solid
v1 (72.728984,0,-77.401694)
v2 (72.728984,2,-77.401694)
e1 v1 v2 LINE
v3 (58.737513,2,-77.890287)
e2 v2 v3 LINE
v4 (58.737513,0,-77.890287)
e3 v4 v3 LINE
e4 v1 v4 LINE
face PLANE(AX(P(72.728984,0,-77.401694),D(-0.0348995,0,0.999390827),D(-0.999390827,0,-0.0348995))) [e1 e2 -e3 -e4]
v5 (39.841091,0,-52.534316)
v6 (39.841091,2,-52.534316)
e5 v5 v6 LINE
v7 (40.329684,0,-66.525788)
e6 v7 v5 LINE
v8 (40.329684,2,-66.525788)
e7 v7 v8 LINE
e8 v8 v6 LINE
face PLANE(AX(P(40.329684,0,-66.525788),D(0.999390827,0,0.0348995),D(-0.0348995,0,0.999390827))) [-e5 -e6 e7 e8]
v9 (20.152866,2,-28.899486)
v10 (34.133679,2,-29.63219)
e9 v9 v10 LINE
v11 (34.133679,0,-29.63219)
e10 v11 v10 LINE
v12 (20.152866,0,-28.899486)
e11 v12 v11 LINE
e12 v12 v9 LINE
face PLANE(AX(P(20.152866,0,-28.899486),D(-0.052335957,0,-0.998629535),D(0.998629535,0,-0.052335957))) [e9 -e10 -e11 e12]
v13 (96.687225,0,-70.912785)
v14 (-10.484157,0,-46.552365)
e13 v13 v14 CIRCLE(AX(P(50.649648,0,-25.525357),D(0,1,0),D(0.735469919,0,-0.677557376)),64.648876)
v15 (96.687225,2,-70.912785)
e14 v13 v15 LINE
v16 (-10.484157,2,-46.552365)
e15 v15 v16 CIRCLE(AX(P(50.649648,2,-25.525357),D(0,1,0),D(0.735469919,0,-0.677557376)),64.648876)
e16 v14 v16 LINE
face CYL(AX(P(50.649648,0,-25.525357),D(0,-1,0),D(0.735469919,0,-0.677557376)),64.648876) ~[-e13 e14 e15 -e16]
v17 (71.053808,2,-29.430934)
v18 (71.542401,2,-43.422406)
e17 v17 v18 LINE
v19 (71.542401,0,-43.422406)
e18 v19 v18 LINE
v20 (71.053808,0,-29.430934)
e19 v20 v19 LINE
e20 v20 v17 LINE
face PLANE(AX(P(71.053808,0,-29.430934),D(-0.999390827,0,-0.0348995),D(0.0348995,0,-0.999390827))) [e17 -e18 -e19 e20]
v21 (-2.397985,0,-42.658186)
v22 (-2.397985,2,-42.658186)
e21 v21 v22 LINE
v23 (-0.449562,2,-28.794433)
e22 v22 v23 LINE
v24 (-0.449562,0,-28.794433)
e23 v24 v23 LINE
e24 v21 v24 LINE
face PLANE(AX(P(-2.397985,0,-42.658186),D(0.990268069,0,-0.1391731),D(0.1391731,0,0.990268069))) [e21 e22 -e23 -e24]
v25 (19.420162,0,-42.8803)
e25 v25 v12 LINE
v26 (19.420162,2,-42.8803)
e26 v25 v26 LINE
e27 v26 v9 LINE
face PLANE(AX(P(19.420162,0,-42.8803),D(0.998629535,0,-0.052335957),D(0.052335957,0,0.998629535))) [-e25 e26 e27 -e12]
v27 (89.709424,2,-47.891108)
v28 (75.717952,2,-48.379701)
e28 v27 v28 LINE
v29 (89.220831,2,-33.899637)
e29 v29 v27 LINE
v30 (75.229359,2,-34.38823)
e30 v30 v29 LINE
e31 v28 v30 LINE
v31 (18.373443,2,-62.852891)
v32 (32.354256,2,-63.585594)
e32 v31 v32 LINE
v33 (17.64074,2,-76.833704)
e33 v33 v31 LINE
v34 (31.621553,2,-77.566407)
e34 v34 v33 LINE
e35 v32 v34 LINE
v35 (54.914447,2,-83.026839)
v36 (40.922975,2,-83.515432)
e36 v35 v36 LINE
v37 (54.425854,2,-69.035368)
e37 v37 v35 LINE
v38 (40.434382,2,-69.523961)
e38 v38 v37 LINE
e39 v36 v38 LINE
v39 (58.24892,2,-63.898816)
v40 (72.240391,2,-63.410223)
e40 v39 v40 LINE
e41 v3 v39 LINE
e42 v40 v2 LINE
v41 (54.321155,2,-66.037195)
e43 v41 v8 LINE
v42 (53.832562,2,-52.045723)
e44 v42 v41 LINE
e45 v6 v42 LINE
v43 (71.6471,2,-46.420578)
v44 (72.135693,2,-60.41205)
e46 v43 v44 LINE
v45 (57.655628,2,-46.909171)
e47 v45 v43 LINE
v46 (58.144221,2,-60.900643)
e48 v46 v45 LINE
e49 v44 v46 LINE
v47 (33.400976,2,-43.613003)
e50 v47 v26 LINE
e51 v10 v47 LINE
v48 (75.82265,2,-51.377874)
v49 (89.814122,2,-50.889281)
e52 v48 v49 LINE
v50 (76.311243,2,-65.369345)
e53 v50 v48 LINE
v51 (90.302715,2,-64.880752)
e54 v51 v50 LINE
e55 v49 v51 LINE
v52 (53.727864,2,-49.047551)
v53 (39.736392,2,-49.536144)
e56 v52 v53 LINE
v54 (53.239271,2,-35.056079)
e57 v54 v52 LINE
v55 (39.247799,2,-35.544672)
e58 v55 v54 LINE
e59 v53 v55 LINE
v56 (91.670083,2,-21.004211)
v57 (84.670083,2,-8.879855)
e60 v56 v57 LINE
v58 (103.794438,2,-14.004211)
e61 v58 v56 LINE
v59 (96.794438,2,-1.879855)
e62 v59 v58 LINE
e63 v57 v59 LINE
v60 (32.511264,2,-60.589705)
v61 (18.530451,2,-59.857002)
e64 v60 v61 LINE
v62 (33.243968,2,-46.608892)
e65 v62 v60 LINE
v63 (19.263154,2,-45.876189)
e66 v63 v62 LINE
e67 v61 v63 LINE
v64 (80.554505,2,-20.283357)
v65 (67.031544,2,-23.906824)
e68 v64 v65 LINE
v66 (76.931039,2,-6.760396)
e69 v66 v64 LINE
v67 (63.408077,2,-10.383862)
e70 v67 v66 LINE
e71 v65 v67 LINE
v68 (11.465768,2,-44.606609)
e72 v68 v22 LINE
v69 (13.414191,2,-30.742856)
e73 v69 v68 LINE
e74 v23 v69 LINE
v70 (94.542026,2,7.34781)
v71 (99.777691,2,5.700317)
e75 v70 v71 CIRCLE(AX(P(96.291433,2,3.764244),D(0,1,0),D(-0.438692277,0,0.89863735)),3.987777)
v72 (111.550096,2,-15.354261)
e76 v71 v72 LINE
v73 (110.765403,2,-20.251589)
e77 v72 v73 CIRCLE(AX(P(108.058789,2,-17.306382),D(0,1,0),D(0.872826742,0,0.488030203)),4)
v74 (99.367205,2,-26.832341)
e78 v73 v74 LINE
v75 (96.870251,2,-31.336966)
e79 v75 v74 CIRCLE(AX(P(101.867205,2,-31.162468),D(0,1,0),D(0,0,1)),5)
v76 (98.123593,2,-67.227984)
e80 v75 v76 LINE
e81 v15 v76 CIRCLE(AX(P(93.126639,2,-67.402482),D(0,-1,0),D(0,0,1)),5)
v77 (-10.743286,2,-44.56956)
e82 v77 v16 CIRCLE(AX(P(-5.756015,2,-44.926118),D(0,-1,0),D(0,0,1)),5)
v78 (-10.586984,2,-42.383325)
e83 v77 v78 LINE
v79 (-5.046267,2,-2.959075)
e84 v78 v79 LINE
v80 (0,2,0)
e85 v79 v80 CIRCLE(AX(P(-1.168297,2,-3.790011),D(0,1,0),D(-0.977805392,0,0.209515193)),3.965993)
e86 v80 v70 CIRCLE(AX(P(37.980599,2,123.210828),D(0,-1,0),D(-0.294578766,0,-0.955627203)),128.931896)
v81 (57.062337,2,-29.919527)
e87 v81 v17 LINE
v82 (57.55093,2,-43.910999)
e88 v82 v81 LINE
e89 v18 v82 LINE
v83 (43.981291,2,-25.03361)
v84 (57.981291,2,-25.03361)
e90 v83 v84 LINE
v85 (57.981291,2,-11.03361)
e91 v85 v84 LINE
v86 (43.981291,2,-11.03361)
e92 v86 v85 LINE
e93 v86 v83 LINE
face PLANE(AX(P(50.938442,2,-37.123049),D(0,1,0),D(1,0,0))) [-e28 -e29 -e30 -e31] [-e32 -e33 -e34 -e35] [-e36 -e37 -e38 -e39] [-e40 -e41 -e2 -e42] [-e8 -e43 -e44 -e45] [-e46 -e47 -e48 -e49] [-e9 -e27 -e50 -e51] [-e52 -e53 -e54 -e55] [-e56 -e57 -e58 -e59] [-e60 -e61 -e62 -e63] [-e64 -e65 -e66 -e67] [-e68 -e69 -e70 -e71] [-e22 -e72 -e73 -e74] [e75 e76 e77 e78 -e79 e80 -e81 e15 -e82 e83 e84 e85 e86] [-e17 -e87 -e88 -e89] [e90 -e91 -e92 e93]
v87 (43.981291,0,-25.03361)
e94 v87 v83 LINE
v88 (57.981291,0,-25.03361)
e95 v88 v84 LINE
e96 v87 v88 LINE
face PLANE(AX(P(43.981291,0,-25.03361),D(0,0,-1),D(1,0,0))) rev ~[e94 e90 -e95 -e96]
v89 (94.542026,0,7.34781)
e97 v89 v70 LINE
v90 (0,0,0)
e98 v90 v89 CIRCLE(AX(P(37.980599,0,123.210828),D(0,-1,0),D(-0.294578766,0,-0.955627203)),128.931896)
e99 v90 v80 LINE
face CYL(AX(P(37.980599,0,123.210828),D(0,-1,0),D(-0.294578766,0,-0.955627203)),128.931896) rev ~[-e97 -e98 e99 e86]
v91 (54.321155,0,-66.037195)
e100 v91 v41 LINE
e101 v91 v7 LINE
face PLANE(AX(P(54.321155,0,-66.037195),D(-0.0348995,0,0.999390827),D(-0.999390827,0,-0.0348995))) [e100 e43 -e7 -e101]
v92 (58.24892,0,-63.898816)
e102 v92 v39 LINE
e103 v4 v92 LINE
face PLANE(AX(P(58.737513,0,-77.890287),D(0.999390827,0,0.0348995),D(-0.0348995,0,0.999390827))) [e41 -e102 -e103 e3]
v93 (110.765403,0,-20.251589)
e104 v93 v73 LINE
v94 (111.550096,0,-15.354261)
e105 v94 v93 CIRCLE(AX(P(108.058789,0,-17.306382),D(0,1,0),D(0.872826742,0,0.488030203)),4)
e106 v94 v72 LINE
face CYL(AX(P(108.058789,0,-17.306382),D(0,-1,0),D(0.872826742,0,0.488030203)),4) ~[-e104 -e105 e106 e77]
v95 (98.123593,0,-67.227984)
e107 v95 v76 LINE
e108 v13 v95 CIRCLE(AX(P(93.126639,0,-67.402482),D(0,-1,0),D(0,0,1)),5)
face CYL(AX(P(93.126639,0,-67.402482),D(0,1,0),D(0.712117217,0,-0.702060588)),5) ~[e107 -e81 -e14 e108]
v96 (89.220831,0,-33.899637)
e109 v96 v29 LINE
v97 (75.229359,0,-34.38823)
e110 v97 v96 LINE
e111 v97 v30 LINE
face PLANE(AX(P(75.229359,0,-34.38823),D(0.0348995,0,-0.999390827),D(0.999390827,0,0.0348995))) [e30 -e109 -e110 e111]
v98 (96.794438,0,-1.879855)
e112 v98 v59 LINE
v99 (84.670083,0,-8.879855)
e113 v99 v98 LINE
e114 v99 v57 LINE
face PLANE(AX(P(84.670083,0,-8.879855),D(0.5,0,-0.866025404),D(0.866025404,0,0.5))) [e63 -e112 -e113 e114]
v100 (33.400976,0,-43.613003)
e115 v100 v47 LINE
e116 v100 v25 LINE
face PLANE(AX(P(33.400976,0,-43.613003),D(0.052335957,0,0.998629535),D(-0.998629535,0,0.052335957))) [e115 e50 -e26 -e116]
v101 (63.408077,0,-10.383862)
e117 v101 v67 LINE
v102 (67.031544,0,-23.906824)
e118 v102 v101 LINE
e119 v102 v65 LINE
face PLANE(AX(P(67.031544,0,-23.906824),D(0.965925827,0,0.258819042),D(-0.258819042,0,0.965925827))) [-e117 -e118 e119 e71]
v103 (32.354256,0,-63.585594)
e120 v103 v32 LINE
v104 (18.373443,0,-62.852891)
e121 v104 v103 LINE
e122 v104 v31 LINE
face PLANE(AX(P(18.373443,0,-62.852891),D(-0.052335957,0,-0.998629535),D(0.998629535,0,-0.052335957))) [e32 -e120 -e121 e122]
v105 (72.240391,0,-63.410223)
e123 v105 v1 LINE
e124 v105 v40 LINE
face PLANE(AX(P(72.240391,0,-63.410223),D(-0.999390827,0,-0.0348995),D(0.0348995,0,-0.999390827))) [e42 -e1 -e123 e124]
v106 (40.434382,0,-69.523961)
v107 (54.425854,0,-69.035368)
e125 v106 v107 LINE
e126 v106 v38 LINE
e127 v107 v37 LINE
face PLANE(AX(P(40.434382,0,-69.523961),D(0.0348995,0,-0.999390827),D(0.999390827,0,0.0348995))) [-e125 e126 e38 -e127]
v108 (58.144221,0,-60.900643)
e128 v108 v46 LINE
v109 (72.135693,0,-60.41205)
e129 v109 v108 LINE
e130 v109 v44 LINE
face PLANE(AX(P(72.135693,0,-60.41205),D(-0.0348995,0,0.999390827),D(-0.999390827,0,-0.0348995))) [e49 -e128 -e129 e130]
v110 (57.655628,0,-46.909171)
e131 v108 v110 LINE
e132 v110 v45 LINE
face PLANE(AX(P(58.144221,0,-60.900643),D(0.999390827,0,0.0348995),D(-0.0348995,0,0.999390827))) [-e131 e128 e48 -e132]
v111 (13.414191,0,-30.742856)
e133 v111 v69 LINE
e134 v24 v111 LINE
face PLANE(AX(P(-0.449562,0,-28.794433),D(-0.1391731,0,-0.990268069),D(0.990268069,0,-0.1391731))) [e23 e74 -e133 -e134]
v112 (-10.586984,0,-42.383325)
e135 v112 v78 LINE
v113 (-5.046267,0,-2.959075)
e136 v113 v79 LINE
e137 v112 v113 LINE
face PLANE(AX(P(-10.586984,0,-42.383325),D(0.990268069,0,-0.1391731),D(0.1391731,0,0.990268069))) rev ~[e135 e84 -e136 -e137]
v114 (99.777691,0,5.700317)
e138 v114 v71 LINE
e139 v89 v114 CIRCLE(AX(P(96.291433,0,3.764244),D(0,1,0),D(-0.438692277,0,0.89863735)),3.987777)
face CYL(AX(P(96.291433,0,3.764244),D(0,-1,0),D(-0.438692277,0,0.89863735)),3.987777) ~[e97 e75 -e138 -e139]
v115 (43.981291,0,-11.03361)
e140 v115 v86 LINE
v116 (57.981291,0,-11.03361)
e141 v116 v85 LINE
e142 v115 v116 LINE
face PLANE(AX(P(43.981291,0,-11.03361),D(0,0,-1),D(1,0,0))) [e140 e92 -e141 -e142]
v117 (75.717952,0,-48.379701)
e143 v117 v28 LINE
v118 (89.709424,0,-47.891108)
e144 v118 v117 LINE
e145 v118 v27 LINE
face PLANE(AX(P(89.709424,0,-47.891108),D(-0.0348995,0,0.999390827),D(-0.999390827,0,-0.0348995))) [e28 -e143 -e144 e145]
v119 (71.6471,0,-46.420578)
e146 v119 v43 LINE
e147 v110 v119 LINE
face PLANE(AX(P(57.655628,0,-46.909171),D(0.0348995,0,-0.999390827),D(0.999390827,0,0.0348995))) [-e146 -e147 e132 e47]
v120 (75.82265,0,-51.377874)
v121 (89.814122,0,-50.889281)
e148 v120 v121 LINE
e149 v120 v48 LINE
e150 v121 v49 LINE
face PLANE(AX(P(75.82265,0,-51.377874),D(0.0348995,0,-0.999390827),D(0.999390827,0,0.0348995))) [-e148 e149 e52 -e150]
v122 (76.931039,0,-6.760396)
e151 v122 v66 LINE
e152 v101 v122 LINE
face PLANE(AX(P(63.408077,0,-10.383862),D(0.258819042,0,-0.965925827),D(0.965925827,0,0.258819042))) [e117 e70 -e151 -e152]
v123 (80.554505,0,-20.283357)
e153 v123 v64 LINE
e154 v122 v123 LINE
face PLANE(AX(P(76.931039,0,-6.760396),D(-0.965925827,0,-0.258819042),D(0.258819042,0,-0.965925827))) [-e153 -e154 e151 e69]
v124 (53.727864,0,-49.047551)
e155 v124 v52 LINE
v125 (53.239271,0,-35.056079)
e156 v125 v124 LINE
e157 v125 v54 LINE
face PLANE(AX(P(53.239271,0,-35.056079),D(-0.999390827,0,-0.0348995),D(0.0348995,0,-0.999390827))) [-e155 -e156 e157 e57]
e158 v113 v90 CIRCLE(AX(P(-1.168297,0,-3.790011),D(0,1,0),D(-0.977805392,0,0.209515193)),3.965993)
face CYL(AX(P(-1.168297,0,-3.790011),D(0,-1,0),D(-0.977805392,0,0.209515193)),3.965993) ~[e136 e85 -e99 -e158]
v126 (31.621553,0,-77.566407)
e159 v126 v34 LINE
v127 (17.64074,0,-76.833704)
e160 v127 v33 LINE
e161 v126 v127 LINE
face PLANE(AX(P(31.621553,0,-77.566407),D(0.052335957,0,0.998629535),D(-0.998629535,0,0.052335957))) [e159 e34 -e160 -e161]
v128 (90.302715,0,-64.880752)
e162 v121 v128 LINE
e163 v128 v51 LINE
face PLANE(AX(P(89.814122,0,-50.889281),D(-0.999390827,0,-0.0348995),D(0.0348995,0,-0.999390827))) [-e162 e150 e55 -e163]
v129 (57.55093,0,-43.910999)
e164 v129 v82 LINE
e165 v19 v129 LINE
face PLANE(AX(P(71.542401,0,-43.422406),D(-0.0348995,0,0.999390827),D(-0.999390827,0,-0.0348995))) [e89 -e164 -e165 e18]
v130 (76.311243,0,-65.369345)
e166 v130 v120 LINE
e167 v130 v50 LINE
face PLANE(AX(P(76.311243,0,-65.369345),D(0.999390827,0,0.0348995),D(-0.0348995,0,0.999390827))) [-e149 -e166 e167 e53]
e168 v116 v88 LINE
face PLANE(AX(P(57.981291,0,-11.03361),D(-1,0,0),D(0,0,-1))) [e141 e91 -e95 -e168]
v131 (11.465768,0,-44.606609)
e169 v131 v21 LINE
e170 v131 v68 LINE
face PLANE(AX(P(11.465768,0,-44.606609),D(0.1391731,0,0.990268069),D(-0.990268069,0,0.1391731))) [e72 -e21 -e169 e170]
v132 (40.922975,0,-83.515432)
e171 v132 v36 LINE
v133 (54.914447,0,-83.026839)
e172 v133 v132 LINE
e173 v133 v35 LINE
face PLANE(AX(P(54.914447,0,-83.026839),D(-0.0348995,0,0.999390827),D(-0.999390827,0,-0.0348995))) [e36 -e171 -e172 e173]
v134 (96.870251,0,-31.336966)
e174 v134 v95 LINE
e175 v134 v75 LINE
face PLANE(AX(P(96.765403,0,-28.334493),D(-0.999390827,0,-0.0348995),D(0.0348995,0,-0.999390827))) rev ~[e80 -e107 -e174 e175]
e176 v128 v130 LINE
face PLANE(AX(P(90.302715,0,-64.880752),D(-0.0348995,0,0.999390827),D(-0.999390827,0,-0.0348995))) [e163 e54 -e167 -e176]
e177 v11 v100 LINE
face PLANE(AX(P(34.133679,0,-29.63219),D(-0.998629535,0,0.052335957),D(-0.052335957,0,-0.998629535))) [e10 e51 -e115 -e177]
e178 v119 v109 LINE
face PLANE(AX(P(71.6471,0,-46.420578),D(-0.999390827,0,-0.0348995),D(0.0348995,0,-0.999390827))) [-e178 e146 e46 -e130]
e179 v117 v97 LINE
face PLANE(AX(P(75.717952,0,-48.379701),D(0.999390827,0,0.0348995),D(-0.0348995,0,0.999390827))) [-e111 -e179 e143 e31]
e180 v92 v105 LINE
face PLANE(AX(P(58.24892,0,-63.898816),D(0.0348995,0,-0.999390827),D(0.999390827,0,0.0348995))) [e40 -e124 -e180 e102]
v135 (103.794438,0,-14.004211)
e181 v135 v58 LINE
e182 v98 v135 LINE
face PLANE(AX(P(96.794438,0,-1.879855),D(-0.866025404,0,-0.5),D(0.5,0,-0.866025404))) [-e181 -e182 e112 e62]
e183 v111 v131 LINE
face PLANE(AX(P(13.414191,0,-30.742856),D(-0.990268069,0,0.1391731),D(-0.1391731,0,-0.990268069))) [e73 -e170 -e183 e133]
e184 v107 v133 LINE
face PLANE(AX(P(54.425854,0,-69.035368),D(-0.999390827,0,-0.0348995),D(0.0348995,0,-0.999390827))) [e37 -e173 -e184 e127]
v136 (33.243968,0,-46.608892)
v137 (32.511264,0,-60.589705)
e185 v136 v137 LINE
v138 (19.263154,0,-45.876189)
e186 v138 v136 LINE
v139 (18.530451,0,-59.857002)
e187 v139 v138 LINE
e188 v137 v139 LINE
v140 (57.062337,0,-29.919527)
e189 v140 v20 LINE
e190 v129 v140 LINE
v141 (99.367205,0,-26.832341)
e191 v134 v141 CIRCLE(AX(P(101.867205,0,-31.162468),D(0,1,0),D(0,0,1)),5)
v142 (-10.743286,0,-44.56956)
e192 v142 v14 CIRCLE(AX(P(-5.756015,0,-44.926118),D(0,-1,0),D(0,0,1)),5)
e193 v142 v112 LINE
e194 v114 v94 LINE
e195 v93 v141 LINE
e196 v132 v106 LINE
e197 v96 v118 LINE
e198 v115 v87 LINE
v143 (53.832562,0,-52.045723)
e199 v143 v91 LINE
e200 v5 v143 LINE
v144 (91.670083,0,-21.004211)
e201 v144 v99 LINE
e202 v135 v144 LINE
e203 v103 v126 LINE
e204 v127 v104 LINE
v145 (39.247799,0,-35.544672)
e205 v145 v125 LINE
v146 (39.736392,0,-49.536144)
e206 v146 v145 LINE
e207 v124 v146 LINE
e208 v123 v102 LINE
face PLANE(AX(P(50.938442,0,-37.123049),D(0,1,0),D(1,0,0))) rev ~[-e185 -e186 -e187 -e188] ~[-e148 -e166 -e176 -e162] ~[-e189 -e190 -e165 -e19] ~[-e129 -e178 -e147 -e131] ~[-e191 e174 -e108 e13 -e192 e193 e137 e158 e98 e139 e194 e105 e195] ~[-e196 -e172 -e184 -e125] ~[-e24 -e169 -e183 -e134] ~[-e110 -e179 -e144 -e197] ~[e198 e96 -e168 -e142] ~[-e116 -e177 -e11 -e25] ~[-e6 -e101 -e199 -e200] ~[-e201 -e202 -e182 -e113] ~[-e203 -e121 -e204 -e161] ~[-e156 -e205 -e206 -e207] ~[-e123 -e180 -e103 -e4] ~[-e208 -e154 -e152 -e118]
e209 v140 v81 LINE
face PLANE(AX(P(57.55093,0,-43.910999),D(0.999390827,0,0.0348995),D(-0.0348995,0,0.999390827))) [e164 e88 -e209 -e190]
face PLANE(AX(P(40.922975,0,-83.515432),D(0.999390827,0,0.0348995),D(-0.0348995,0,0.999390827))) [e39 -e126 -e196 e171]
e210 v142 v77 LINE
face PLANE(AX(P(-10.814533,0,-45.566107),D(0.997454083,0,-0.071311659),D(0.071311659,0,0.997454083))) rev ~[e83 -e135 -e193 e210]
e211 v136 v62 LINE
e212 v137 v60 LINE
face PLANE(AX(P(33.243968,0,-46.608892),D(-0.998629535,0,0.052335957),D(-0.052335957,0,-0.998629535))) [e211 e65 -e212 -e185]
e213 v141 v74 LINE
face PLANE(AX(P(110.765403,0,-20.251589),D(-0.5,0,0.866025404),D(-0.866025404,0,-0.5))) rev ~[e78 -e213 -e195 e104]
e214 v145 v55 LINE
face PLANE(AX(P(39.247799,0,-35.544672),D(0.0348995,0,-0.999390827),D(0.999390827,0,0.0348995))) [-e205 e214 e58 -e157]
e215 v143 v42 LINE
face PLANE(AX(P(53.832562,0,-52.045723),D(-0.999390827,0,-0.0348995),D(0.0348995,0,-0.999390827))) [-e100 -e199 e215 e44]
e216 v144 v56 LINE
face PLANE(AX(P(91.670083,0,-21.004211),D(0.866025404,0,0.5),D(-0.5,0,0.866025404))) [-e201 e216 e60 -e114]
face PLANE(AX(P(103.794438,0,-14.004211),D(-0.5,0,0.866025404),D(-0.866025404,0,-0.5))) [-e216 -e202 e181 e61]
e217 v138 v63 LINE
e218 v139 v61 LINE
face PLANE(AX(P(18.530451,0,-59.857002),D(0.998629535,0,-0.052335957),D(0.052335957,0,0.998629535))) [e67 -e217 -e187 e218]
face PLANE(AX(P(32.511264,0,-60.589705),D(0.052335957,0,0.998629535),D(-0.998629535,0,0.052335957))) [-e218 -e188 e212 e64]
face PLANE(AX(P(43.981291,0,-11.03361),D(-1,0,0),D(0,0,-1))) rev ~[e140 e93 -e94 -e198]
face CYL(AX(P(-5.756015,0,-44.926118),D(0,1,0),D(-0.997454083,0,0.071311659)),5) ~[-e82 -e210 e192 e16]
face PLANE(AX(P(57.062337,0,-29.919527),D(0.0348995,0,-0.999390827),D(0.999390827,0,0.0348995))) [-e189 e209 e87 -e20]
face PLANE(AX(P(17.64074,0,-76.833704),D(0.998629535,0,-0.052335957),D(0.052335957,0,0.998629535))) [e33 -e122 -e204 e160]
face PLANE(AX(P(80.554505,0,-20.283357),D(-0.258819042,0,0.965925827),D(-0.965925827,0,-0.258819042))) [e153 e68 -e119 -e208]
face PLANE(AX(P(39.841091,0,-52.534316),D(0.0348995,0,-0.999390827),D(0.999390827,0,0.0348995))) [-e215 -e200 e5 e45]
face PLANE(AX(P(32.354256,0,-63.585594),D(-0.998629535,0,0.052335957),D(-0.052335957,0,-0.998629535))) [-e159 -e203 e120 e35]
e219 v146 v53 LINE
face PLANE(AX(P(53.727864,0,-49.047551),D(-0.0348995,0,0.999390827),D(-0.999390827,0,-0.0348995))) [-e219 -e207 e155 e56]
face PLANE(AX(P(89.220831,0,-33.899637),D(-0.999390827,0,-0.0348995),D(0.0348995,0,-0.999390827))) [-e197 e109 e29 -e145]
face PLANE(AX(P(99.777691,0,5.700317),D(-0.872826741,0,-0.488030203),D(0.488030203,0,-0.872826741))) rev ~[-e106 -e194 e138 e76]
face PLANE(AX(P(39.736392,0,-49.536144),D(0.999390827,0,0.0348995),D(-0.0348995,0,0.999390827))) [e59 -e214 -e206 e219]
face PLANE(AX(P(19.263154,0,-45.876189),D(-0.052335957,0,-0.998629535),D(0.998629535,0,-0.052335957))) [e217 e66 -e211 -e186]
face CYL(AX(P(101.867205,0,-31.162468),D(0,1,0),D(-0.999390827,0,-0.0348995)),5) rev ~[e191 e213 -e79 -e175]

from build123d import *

# Parameters (mm, degrees)
SKETCH1_W           = 14
SKETCH1_H           = 14
BOSS_EXTRUDE1_DEPTH = 2
FILLET1_R           = 5


with BuildPart() as part:
    # Sketch1 → Boss-Extrude1 (new body)
    with BuildSketch(Plane(origin=(0, 0, 0), x_dir=(1, 0, 0), z_dir=(0, 1, 0))):
        with BuildLine():
            Line((-10.586983819, 42.383324584), (-5.046266953, 2.959075179))
            ThreePointArc((-5.046266953, 2.959075179), (-3.174441029, 0.368828473), (0, 0))
            ThreePointArc((0, 0), (47.971062986, 5.333423777), (94.542026123, -7.347809821))
            ThreePointArc((94.542026123, -7.347809821), (97.488396157, -7.568143239), (99.777690602, -5.700317192))
            Line((99.777690602, -5.700317192), (111.550095971, 15.354261283))
            ThreePointArc((111.550095971, 15.354261283), (112.008410414, 17.939225635), (110.765402582, 20.251589006))
            Line((110.765402582, 20.251589006), (96.765402582, 28.334492774))
            Line((96.765402582, 28.334492774), (98.196951267, 69.32867968))
            ThreePointArc((98.196951267, 69.32867968), (36.880667069, 88.690951376), (-10.814532638, 45.566107052))
            Line((-10.814532638, 45.566107052), (-10.586983819, 42.383324584))
        make_face()
        Polygon((-0.449562029, 28.794432983), (13.414190971, 30.742856383), (11.465767571, 44.606609383), (-2.397985429, 42.658185983), align=None, mode=Mode.SUBTRACT)
        Polygon((20.152865671, 28.899486483), (34.133679071, 29.632189883), (33.400975671, 43.613003283), (19.420162271, 42.880299883), align=None, mode=Mode.SUBTRACT)
        Polygon((19.263154371, 45.876188583), (33.243967771, 46.608891983), (32.511264371, 60.589705383), (18.530450971, 59.857001983), align=None, mode=Mode.SUBTRACT)
        Polygon((18.373443071, 62.852890683), (32.354256471, 63.585594083), (31.621553071, 77.566407483), (17.640739671, 76.833704083), align=None, mode=Mode.SUBTRACT)
        Polygon((39.247799271, 35.544672383), (53.239270871, 35.056079383), (53.727863871, 49.047550983), (39.736392271, 49.536143983), align=None, mode=Mode.SUBTRACT)
        Polygon((39.841090671, 52.534316483), (53.832562271, 52.045723483), (54.321155271, 66.037195083), (40.329683671, 66.525788083), align=None, mode=Mode.SUBTRACT)
        Polygon((40.434382071, 69.523960583), (54.425853671, 69.035367583), (54.914446671, 83.026839183), (40.922975071, 83.515432183), align=None, mode=Mode.SUBTRACT)
        Polygon((57.062336771, 29.919527383), (71.053808371, 29.430934383), (71.542401371, 43.422405983), (57.550929771, 43.910998983), align=None, mode=Mode.SUBTRACT)
        Polygon((57.655628171, 46.909171483), (71.647099771, 46.420578483), (72.135692771, 60.412050083), (58.144221171, 60.900643083), align=None, mode=Mode.SUBTRACT)
        Polygon((58.248919571, 63.898815583), (72.240391171, 63.410222583), (72.728984171, 77.401694183), (58.737512571, 77.890287183), align=None, mode=Mode.SUBTRACT)
        Polygon((75.229359071, 34.388229583), (89.220830671, 33.899636583), (89.709423671, 47.891108183), (75.717952071, 48.379701183), align=None, mode=Mode.SUBTRACT)
        Polygon((75.822650471, 51.377873683), (89.814122071, 50.889280683), (90.302715071, 64.880752283), (76.311243471, 65.369345283), align=None, mode=Mode.SUBTRACT)
        with Locations((50.981291271, 18.033609783)):
            Rectangle(SKETCH1_W, SKETCH1_H, mode=Mode.SUBTRACT)
        Polygon((63.408077171, 10.383862283), (76.931038771, 6.760395683), (80.554505371, 20.283357283), (67.031543771, 23.906823883), align=None, mode=Mode.SUBTRACT)
        Polygon((96.794438284, 1.879855106), (103.794438261, 14.00421072), (91.670082648, 21.004210697), (84.670082671, 8.879855083), align=None, mode=Mode.SUBTRACT)
    extrude(amount=BOSS_EXTRUDE1_DEPTH)

    # Fillet1
    fillet1_edges = [part.edges().sort_by_distance(p)[0] for p in [
        (96.765402582, 1, -28.334492774),
        (-10.814532638, 1, -45.566107052),
        (98.196951267, 1, -69.32867968),
    ]]
    fillet(fillet1_edges, radius=FILLET1_R)


solid = part.part
